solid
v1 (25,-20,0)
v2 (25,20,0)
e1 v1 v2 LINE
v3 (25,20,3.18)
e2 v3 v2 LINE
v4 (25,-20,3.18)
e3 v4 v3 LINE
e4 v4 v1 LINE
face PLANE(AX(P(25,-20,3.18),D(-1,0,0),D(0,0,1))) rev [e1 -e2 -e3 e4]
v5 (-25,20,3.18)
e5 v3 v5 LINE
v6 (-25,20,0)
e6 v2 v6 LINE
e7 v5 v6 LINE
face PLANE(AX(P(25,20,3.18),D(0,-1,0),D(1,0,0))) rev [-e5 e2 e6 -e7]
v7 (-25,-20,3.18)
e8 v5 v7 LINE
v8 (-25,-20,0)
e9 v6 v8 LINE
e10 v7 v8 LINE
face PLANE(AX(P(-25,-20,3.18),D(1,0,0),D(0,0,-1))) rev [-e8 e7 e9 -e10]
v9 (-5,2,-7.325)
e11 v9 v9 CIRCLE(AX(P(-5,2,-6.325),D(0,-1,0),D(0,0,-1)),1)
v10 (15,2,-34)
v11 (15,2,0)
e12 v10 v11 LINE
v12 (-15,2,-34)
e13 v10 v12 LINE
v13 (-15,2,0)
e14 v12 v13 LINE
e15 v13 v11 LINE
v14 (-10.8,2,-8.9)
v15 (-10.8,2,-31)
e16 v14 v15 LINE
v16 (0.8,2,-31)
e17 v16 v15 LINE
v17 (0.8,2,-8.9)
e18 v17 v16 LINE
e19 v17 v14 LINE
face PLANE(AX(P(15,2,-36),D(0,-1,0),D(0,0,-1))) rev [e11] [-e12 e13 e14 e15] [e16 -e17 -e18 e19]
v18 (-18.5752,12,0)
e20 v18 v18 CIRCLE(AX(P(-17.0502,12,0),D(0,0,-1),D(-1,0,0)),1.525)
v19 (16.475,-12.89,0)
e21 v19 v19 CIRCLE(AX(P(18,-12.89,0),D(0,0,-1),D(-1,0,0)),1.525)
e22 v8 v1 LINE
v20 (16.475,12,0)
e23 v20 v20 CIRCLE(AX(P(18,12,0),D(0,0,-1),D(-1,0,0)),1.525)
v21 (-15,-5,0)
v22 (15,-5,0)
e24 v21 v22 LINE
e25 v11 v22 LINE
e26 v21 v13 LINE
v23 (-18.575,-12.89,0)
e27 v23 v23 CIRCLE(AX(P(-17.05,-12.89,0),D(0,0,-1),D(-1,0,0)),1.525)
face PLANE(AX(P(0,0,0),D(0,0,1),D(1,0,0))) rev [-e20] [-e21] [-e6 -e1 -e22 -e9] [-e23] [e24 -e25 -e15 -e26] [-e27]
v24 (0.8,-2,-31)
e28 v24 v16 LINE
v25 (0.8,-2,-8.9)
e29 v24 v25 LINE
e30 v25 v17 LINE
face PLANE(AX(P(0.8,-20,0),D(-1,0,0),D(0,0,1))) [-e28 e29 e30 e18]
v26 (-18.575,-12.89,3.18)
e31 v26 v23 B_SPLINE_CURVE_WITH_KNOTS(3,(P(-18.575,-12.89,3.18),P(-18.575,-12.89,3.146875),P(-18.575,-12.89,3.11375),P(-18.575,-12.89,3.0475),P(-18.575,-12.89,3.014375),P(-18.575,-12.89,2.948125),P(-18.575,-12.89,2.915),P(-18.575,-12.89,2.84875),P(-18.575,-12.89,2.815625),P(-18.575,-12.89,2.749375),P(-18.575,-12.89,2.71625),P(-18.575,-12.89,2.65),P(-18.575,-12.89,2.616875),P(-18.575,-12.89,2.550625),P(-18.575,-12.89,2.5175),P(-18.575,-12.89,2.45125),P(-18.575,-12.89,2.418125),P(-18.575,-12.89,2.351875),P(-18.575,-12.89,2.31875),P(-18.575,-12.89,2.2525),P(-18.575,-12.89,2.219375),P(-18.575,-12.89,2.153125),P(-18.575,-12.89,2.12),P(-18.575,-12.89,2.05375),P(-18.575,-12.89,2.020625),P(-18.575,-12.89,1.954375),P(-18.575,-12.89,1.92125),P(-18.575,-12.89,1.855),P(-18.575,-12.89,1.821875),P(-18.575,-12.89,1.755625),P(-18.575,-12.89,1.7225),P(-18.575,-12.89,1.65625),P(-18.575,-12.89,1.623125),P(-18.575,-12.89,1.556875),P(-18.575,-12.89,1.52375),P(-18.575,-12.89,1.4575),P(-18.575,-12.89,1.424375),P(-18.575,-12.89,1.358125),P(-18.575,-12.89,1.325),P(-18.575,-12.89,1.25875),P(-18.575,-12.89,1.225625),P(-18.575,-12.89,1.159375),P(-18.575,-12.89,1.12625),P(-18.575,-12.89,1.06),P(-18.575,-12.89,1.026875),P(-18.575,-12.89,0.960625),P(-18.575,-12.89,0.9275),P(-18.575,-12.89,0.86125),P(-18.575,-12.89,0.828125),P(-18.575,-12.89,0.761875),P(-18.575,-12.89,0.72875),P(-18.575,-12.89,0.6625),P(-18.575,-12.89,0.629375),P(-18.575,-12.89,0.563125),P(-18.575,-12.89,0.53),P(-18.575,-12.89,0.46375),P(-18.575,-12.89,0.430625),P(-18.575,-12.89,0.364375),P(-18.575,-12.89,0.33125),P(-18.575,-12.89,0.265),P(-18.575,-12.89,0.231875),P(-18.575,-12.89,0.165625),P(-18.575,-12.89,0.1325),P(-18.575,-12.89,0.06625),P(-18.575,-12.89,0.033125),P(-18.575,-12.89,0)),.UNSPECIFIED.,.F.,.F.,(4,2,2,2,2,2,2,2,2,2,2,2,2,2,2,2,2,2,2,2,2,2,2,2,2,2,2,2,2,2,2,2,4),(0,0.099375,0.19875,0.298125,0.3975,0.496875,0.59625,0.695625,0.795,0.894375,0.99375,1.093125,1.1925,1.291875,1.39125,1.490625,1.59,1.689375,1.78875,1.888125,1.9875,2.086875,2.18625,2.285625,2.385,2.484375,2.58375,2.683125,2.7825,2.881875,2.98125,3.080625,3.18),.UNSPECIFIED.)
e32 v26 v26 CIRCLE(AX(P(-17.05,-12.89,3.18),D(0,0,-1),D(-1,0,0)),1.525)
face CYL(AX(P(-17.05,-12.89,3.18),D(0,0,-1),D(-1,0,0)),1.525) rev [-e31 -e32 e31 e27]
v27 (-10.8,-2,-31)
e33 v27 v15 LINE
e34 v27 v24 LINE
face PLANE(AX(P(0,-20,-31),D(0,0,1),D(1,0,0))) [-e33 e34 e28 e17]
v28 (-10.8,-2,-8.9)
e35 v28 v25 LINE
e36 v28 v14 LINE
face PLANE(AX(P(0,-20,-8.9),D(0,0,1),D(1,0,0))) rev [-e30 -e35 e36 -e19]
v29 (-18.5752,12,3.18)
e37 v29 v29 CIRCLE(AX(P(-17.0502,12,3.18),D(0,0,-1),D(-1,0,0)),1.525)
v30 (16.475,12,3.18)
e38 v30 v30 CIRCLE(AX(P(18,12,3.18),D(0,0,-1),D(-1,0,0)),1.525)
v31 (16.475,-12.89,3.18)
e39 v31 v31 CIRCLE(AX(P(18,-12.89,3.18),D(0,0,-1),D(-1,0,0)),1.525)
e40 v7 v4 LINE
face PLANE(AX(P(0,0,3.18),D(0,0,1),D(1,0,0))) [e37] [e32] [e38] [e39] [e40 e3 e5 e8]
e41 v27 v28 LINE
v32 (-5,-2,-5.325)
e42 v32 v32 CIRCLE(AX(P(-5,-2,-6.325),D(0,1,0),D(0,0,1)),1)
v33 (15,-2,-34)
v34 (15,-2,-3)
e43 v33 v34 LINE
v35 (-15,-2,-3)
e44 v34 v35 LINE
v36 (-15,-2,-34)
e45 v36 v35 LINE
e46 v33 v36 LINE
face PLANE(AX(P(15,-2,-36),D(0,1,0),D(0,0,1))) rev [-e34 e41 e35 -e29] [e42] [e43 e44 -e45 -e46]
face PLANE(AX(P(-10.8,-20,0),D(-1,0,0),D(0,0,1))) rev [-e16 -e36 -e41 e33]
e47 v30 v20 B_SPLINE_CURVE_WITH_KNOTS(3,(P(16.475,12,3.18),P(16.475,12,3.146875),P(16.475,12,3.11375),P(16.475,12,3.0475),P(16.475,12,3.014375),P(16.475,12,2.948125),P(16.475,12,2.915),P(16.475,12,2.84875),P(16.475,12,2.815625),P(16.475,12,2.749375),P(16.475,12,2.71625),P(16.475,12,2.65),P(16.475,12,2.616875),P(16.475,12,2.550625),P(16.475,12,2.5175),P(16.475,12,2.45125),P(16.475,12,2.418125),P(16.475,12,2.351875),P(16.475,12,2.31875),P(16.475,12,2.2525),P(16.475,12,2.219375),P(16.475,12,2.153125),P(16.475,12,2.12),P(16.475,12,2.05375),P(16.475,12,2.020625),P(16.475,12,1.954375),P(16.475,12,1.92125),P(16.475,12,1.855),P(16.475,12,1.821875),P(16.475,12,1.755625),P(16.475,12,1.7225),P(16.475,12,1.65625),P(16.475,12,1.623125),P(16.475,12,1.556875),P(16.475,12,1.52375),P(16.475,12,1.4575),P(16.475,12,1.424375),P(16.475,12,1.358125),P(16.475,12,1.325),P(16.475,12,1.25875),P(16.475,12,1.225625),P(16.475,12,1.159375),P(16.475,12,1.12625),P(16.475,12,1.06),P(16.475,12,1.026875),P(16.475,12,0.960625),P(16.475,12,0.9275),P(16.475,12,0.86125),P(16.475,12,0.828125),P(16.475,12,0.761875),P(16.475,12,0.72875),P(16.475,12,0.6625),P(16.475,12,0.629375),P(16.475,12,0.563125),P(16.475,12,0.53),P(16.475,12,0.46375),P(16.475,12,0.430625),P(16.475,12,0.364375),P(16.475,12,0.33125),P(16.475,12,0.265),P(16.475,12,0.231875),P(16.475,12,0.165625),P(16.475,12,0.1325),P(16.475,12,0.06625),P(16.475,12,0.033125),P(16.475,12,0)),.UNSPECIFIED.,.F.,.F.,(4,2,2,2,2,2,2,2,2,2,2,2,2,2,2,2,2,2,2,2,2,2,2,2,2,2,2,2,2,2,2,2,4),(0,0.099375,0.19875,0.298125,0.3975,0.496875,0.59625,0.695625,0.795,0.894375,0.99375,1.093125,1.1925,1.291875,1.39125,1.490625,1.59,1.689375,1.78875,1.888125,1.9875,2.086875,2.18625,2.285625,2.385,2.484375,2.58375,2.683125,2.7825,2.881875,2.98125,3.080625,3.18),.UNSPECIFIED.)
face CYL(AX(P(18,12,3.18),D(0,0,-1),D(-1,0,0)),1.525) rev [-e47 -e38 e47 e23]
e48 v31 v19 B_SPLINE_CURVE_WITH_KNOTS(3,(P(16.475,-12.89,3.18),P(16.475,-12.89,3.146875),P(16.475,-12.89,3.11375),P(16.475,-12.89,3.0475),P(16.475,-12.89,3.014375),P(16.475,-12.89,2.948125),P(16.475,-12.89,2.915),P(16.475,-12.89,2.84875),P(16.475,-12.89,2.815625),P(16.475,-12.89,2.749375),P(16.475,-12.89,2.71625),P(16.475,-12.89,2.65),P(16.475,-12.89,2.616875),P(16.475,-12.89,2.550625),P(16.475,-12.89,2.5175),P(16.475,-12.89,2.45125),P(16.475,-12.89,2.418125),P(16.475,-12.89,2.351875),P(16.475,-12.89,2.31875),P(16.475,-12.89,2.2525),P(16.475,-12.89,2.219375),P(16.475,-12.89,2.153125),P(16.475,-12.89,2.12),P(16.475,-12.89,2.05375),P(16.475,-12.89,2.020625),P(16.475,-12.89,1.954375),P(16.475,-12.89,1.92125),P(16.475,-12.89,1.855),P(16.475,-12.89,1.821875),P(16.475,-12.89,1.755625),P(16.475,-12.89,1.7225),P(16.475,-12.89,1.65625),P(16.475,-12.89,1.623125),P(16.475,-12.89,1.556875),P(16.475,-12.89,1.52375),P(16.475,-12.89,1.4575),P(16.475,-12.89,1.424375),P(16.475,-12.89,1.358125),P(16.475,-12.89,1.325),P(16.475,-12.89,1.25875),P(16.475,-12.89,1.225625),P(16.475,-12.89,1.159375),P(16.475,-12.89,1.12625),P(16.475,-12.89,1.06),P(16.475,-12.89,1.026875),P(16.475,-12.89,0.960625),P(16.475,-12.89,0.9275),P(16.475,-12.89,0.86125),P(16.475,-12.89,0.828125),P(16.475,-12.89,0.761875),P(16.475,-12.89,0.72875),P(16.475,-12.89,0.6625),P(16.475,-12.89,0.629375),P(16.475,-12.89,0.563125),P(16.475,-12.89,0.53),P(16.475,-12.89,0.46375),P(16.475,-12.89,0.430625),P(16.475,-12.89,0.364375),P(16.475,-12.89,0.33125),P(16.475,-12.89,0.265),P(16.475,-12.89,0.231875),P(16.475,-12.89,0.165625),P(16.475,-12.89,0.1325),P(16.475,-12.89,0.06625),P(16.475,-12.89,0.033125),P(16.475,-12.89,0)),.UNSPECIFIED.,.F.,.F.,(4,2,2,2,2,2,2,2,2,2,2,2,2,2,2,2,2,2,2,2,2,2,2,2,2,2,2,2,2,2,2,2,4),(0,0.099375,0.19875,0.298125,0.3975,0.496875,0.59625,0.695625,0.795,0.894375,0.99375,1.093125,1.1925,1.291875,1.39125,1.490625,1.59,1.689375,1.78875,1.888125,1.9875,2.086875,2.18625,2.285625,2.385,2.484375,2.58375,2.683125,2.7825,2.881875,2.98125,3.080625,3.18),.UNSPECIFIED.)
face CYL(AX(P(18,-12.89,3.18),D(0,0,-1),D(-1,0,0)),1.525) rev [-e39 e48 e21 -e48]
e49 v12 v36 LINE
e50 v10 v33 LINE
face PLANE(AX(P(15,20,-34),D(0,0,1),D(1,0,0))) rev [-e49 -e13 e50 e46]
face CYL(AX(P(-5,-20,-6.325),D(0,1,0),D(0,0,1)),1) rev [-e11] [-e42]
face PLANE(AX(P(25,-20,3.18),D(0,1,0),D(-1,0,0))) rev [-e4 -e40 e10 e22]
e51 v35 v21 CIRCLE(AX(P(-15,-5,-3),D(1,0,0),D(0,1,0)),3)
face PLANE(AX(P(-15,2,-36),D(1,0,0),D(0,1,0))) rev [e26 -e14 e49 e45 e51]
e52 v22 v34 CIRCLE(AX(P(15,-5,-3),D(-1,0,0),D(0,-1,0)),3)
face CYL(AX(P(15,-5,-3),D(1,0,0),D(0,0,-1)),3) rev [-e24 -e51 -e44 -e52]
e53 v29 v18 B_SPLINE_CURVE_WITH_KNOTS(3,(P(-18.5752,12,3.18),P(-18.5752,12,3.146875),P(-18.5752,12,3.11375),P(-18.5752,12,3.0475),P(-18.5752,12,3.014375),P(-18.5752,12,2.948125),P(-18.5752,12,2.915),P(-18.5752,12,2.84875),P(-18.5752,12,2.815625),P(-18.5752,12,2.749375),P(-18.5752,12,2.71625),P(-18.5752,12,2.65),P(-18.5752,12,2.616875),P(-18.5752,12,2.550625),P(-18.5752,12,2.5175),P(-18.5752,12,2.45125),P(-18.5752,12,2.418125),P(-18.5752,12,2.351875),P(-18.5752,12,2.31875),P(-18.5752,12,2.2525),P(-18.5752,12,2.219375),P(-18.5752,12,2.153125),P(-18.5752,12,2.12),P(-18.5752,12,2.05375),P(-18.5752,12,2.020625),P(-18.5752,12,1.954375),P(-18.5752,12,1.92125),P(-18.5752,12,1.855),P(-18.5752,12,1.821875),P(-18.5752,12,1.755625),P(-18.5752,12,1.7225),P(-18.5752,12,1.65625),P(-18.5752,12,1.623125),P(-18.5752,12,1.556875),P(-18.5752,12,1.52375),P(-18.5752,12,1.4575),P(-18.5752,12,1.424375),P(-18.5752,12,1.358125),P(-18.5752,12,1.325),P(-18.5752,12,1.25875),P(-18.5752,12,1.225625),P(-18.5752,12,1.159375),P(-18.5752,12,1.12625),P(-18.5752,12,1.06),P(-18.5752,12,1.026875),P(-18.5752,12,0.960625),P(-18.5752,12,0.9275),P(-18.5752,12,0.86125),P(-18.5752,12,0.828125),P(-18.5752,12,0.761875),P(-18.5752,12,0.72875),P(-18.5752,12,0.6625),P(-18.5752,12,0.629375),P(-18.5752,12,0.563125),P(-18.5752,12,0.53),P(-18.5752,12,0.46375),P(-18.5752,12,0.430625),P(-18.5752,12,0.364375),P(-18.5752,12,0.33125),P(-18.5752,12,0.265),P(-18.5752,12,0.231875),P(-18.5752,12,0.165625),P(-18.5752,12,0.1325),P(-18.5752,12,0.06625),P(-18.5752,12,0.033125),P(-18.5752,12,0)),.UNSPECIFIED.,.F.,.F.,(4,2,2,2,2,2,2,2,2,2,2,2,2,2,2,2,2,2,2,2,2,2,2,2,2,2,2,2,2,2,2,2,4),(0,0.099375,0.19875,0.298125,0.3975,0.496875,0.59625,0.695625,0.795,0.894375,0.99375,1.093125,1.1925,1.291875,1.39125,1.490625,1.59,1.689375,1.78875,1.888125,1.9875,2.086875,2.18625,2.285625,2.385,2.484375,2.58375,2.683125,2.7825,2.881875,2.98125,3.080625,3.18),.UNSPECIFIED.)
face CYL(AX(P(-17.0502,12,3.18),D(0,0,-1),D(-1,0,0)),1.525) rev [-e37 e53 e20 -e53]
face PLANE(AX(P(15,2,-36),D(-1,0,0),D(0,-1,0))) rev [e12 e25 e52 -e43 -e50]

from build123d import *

# Parameters (mm, degrees)
SKETCH1_W               = 50
SKETCH1_H               = 40
BOSS_EXTRUDE1_DEPTH     = 3.18
SKETCH4_W               = 30
SKETCH4_H               = 4
BOSS_EXTRUDE2_DEPTH     = 36
CUT_EXTRUDE1_DEPTH      = 50.040799341
CUT_EXTRUDE1_DEPTH_BACK = 50.040799341
SKETCH8_W               = 11.6
SKETCH8_H               = 22.1
SKETCH8_R               = 1
SKETCH9_R               = 1.525
CUT_EXTRUDE2_DEPTH      = 49.176757882
FILLET4_R               = 3
SKETCH12_W              = 30
SKETCH12_H              = 2
CUT_EXTRUDE3_DEPTH      = 50.040799341


with BuildPart() as part:
    # Sketch1 → Boss-Extrude1 (new body)
    with BuildSketch(Plane.XY):
        Rectangle(SKETCH1_W, SKETCH1_H)
    extrude(amount=BOSS_EXTRUDE1_DEPTH)

    # Sketch4 → Boss-Extrude2 (add)
    with BuildSketch(Plane(origin=(0, 0, 0), x_dir=(-1, 0, 0), z_dir=(0, 0, -1))):
        Rectangle(SKETCH4_W, SKETCH4_H)
    extrude(amount=BOSS_EXTRUDE2_DEPTH)

    # Sketch8 → Cut-Extrude1 (cut, two sides: drawn at the far end of the back side and taken through both)
    with BuildSketch(Plane(origin=(0, 2, 0), x_dir=(1, 0, 0), z_dir=(0, 1, 0)).offset(-CUT_EXTRUDE1_DEPTH_BACK)):
        with Locations((-5, 19.95)):
            Rectangle(SKETCH8_W, SKETCH8_H)
        with Locations((-5, 6.325)):
            Circle(SKETCH8_R)
    extrude(amount=CUT_EXTRUDE1_DEPTH + CUT_EXTRUDE1_DEPTH_BACK, mode=Mode.SUBTRACT)

    # Sketch9 → Cut-Extrude2 (cut, through all)
    with BuildSketch(Plane(origin=(0, 0, 0), x_dir=(-1, 0, 0), z_dir=(0, 0, -1))):
        with Locations((-18, 12)):
            Circle(SKETCH9_R)
        with Locations((17.0502, 12)):
            Circle(SKETCH9_R)
        with Locations((17.05, -12.889999999)):
            Circle(SKETCH9_R)
        with Locations((-18, -12.889999999)):
            Circle(SKETCH9_R)
    extrude(amount=-CUT_EXTRUDE2_DEPTH, mode=Mode.SUBTRACT)

    # Fillet4
    fillet4_edges = [part.edges().sort_by_distance(p)[0] for p in [
        (0, -2, 0),
    ]]
    fillet(fillet4_edges, radius=FILLET4_R)

    # Sketch12 → Cut-Extrude3 (cut, through all)
    with BuildSketch(Plane.XZ.offset(2)):
        with Locations((0, -35)):
            Rectangle(SKETCH12_W, SKETCH12_H)
    extrude(amount=-CUT_EXTRUDE3_DEPTH, mode=Mode.SUBTRACT)


solid = part.part
